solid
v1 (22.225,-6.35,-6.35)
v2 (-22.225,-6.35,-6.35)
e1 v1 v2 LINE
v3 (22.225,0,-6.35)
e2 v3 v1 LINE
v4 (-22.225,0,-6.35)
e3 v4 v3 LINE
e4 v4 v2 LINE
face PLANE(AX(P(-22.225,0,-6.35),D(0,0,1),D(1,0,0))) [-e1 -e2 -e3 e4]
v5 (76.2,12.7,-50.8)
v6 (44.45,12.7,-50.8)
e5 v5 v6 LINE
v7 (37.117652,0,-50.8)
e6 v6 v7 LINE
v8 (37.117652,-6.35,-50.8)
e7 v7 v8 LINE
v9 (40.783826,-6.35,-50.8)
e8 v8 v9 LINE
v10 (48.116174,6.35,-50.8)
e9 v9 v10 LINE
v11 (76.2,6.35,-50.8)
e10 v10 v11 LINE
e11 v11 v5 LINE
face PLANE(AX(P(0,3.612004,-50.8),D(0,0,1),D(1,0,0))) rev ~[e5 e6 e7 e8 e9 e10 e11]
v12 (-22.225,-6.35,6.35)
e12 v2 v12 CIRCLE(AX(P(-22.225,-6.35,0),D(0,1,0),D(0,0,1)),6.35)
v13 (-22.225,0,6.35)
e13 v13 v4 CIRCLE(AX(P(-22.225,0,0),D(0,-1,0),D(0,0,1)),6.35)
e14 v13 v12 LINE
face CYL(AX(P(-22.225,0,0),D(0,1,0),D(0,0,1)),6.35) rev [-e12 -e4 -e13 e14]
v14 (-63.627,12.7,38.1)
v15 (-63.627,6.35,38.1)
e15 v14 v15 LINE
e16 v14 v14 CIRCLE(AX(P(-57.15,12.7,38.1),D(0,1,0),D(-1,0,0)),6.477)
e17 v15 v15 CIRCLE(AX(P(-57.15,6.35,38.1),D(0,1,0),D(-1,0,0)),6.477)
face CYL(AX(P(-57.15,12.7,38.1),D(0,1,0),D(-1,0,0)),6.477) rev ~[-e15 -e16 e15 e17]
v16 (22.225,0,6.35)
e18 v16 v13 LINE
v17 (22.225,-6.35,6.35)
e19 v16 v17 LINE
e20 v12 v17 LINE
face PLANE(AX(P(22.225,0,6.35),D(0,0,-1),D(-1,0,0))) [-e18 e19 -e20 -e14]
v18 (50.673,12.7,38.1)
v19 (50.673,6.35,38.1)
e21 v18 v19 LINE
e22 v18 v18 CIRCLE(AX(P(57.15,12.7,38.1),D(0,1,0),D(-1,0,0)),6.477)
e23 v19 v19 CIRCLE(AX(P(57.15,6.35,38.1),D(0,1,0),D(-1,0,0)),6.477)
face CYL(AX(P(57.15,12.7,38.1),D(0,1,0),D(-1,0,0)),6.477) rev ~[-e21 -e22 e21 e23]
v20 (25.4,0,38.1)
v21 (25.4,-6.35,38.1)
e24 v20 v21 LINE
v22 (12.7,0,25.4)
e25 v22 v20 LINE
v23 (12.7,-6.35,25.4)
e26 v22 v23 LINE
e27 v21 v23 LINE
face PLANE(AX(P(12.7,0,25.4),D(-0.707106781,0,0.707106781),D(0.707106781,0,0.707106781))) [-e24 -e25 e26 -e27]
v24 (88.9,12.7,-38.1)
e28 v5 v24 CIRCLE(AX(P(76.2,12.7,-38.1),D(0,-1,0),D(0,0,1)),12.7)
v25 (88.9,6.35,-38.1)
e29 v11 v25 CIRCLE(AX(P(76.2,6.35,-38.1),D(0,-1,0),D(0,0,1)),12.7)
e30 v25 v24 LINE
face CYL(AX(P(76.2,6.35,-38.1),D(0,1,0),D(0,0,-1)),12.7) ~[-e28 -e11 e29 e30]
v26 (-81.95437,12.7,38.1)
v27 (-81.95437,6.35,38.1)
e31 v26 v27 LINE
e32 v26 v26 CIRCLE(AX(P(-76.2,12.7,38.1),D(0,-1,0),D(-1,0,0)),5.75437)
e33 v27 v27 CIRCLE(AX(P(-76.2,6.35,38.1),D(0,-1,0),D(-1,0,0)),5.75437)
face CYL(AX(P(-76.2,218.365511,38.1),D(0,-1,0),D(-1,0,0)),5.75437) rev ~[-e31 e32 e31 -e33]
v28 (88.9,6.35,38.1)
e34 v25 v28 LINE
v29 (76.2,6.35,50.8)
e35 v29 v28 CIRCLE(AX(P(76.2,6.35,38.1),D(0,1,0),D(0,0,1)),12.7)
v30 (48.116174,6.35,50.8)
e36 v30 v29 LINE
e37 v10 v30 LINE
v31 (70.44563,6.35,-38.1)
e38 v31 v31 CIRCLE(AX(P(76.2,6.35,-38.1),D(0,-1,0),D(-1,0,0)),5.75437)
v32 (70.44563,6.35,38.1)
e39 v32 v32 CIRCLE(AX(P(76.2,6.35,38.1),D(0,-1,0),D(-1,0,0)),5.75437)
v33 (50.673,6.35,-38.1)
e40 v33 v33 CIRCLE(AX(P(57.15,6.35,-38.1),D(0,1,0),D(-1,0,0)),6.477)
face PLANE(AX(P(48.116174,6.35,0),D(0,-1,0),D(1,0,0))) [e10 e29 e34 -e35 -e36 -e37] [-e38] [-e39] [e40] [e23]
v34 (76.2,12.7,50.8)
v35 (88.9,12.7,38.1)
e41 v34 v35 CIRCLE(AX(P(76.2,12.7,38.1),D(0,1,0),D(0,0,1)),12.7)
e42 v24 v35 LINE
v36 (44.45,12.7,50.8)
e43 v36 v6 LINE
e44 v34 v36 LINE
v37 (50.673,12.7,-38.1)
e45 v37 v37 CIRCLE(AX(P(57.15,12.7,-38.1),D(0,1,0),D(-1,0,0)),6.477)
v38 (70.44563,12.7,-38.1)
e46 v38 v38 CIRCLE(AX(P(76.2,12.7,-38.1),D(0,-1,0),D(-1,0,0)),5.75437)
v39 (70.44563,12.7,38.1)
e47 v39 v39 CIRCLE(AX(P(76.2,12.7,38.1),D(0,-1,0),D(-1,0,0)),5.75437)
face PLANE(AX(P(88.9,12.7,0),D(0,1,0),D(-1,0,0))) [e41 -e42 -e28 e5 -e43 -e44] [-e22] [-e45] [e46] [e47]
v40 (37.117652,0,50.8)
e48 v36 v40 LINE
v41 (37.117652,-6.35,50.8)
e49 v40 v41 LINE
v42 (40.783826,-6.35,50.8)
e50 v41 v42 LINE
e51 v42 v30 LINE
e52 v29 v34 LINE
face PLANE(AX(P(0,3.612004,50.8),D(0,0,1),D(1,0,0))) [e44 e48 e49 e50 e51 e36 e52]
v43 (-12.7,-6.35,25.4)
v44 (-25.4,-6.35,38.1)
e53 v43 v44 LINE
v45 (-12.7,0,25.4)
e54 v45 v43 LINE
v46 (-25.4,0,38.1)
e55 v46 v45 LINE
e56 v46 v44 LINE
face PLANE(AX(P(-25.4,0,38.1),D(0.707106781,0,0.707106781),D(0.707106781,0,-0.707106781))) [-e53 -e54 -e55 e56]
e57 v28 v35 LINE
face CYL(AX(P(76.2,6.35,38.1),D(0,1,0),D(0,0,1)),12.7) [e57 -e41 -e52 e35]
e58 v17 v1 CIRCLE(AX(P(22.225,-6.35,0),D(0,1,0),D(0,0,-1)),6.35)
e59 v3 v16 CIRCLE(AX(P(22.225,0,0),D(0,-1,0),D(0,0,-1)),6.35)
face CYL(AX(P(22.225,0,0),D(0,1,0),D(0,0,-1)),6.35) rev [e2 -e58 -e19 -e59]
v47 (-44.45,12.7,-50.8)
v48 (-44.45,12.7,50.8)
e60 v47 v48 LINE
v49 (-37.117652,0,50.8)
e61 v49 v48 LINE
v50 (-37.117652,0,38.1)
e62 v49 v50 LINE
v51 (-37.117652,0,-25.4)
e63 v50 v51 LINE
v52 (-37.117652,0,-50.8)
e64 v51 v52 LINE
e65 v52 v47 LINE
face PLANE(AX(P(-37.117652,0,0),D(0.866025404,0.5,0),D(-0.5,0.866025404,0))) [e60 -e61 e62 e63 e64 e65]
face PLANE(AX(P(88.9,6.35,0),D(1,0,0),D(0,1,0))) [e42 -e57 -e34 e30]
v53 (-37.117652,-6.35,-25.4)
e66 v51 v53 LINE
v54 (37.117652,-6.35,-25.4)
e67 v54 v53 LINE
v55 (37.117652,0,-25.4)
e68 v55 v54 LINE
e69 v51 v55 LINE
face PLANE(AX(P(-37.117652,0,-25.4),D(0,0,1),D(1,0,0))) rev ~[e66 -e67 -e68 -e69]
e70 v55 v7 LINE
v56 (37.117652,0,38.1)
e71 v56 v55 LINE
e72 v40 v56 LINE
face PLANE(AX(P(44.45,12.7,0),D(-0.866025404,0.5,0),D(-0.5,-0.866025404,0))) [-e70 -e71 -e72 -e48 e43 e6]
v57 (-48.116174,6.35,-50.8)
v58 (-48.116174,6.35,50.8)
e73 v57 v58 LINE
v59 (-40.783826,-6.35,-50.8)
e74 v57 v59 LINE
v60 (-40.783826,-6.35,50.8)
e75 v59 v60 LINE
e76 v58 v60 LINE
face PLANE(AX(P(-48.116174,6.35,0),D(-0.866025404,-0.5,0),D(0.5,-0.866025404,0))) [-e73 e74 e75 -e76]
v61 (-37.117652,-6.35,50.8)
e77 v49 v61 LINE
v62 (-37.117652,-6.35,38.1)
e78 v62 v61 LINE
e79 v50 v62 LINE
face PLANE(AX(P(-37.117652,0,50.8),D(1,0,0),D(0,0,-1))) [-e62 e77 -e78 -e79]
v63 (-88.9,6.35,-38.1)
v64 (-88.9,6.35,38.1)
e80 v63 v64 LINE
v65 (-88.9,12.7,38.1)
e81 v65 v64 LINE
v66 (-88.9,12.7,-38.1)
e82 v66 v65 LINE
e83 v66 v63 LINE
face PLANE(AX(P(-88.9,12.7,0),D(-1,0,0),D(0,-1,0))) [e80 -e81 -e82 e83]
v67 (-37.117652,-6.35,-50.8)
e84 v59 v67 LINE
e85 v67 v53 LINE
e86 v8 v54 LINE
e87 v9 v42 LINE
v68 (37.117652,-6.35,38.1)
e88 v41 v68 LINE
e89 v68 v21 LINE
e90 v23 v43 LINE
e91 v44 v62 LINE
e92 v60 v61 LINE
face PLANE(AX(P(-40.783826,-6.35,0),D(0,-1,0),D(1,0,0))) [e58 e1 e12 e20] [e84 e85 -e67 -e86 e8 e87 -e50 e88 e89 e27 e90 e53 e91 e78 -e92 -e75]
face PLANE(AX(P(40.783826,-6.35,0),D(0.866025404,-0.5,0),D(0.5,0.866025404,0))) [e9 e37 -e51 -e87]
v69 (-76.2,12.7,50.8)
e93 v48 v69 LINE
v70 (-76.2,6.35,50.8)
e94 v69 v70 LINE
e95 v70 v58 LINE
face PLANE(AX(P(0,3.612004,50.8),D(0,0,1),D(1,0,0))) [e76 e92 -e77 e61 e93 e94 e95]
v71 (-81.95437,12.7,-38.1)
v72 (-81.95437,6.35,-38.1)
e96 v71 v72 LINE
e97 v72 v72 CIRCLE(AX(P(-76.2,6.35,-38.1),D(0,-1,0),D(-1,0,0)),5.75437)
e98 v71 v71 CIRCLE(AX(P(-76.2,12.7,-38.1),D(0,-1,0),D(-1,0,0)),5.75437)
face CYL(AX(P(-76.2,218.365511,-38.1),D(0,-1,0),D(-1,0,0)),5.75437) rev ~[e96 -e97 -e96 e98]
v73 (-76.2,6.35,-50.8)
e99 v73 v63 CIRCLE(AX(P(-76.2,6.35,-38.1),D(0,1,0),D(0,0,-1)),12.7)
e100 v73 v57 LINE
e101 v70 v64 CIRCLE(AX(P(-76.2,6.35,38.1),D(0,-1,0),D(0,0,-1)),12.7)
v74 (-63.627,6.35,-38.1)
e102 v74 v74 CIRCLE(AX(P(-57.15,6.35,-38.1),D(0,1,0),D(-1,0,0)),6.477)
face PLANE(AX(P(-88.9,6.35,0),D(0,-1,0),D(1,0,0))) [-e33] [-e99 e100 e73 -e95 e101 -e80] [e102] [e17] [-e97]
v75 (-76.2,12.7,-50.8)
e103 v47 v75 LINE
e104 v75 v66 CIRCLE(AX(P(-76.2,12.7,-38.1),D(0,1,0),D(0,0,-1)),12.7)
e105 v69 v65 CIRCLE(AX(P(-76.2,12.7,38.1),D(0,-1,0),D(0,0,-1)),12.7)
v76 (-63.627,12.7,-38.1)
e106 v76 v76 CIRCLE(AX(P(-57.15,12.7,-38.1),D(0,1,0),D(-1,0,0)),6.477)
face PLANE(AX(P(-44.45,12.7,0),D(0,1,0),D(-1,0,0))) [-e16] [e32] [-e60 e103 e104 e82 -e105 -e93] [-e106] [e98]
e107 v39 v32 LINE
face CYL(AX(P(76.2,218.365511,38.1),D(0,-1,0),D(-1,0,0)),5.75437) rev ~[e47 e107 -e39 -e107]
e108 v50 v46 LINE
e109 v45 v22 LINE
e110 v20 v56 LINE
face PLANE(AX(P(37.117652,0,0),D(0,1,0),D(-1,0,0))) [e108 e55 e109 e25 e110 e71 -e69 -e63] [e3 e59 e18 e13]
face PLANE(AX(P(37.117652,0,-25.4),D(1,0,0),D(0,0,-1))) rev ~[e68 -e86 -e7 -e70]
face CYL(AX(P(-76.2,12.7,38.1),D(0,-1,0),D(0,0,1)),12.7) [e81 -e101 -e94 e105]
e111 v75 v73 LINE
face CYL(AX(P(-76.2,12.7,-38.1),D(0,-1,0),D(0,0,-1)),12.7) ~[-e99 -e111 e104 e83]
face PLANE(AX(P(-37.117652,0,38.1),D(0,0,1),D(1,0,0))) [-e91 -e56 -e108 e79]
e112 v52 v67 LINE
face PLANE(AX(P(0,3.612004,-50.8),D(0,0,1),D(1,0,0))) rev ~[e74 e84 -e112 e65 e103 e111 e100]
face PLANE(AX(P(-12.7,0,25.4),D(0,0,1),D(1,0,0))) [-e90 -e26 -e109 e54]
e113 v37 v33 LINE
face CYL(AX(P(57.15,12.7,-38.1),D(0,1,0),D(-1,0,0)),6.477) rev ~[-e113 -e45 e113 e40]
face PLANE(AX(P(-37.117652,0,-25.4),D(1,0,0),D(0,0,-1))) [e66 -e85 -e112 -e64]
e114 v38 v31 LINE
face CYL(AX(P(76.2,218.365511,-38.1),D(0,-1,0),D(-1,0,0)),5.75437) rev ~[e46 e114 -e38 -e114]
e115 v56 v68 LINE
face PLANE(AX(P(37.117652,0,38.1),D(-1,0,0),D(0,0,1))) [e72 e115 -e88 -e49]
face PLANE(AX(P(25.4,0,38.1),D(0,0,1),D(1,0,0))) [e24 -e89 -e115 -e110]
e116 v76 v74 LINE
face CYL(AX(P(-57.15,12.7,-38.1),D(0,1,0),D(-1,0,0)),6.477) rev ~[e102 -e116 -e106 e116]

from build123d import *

# Parameters (mm, degrees)
BOSS_EXTRUDE1_DEPTH     = 50.8
SKETCH2_W               = 74.235303162
SKETCH2_H               = 25.4
CUT_EXTRUDE1_DEPTH      = 104.175287739
FILLET2_R               = 12.7
SKETCH4_R               = 6.477
CUT_EXTRUDE2_DEPTH      = 105.147743615
F_1_2_20_TAPPED_HOLE1_D = 11.50874


with BuildPart() as part:
    # Sketch1 → Boss-Extrude1 (new, symmetric)
    with BuildSketch(Plane.XY):
        Polygon((0, 0), (-37.117651581, 0), (-44.45, 12.7), (-88.9, 12.7), (-88.9, 6.35), (-48.116174209, 6.35), (-40.783825791, -6.35), (40.783825791, -6.35), (48.116174209, 6.35), (88.9, 6.35), (88.9, 12.7), (44.45, 12.7), (37.117651581, 0), align=None)
    extrude(amount=BOSS_EXTRUDE1_DEPTH, both=True)

    # Sketch2 → Cut-Extrude1 (cut, through all)
    with BuildSketch(Plane(origin=(0, 0, 0), x_dir=(1, 0, 0), z_dir=(0, 1, 0))):
        with Locations((0, 38.1)):
            Rectangle(SKETCH2_W, SKETCH2_H)
        Polygon((-37.117651581, -38.1), (-25.4, -38.1), (-12.7, -25.4), (12.7, -25.4), (25.4, -38.1), (37.117651581, -38.1), (37.117651581, -50.8), (-37.117651581, -50.8), align=None)
        with BuildLine():
            Line((-22.225, 6.35), (22.225, 6.35))
            ThreePointArc((22.225, 6.35), (28.575, 0), (22.225, -6.35))
            Line((22.225, -6.35), (-22.225, -6.35))
            ThreePointArc((-22.225, -6.35), (-28.575, 0), (-22.225, 6.35))
        make_face()
    extrude(amount=-CUT_EXTRUDE1_DEPTH, mode=Mode.SUBTRACT)

    # Fillet2
    fillet2_edges = [part.edges().sort_by_distance(p)[0] for p in [
        (88.9, 9.525, -50.8),
        (-88.9, 9.525, -50.8),
        (-88.9, 9.525, 50.8),
        (88.9, 9.525, 50.8),
    ]]
    fillet(fillet2_edges, radius=FILLET2_R)

    # Sketch4 → Cut-Extrude2 (cut, through all)
    with BuildSketch(Plane(origin=(0, 12.7, 0), x_dir=(1, 0, 0), z_dir=(0, 1, 0))):
        with Locations(Location((-57.15, 38.1, 0), (0, 0, 180))):
            Circle(SKETCH4_R)
        with Locations(Location((-57.15, -38.1, 0), (0, 0, 180))):
            Circle(SKETCH4_R)
        with Locations(Location((57.15, -38.1, 0), (0, 0, 180))):
            Circle(SKETCH4_R)
        with Locations(Location((57.15, 38.1, 0), (0, 0, 180))):
            Circle(SKETCH4_R)
    extrude(amount=-CUT_EXTRUDE2_DEPTH, mode=Mode.SUBTRACT)

    # 1/2-20 Tapped Hole1 (through all)
    with Locations(Plane(origin=(0, 12.7, 0), x_dir=(1, 0, 0), z_dir=(0, 1, 0))):
        with Locations((-76.2, 38.1), (-76.2, -38.1), (76.2, -38.1), (76.2, 38.1)):
            Hole(F_1_2_20_TAPPED_HOLE1_D / 2)


solid = part.part
